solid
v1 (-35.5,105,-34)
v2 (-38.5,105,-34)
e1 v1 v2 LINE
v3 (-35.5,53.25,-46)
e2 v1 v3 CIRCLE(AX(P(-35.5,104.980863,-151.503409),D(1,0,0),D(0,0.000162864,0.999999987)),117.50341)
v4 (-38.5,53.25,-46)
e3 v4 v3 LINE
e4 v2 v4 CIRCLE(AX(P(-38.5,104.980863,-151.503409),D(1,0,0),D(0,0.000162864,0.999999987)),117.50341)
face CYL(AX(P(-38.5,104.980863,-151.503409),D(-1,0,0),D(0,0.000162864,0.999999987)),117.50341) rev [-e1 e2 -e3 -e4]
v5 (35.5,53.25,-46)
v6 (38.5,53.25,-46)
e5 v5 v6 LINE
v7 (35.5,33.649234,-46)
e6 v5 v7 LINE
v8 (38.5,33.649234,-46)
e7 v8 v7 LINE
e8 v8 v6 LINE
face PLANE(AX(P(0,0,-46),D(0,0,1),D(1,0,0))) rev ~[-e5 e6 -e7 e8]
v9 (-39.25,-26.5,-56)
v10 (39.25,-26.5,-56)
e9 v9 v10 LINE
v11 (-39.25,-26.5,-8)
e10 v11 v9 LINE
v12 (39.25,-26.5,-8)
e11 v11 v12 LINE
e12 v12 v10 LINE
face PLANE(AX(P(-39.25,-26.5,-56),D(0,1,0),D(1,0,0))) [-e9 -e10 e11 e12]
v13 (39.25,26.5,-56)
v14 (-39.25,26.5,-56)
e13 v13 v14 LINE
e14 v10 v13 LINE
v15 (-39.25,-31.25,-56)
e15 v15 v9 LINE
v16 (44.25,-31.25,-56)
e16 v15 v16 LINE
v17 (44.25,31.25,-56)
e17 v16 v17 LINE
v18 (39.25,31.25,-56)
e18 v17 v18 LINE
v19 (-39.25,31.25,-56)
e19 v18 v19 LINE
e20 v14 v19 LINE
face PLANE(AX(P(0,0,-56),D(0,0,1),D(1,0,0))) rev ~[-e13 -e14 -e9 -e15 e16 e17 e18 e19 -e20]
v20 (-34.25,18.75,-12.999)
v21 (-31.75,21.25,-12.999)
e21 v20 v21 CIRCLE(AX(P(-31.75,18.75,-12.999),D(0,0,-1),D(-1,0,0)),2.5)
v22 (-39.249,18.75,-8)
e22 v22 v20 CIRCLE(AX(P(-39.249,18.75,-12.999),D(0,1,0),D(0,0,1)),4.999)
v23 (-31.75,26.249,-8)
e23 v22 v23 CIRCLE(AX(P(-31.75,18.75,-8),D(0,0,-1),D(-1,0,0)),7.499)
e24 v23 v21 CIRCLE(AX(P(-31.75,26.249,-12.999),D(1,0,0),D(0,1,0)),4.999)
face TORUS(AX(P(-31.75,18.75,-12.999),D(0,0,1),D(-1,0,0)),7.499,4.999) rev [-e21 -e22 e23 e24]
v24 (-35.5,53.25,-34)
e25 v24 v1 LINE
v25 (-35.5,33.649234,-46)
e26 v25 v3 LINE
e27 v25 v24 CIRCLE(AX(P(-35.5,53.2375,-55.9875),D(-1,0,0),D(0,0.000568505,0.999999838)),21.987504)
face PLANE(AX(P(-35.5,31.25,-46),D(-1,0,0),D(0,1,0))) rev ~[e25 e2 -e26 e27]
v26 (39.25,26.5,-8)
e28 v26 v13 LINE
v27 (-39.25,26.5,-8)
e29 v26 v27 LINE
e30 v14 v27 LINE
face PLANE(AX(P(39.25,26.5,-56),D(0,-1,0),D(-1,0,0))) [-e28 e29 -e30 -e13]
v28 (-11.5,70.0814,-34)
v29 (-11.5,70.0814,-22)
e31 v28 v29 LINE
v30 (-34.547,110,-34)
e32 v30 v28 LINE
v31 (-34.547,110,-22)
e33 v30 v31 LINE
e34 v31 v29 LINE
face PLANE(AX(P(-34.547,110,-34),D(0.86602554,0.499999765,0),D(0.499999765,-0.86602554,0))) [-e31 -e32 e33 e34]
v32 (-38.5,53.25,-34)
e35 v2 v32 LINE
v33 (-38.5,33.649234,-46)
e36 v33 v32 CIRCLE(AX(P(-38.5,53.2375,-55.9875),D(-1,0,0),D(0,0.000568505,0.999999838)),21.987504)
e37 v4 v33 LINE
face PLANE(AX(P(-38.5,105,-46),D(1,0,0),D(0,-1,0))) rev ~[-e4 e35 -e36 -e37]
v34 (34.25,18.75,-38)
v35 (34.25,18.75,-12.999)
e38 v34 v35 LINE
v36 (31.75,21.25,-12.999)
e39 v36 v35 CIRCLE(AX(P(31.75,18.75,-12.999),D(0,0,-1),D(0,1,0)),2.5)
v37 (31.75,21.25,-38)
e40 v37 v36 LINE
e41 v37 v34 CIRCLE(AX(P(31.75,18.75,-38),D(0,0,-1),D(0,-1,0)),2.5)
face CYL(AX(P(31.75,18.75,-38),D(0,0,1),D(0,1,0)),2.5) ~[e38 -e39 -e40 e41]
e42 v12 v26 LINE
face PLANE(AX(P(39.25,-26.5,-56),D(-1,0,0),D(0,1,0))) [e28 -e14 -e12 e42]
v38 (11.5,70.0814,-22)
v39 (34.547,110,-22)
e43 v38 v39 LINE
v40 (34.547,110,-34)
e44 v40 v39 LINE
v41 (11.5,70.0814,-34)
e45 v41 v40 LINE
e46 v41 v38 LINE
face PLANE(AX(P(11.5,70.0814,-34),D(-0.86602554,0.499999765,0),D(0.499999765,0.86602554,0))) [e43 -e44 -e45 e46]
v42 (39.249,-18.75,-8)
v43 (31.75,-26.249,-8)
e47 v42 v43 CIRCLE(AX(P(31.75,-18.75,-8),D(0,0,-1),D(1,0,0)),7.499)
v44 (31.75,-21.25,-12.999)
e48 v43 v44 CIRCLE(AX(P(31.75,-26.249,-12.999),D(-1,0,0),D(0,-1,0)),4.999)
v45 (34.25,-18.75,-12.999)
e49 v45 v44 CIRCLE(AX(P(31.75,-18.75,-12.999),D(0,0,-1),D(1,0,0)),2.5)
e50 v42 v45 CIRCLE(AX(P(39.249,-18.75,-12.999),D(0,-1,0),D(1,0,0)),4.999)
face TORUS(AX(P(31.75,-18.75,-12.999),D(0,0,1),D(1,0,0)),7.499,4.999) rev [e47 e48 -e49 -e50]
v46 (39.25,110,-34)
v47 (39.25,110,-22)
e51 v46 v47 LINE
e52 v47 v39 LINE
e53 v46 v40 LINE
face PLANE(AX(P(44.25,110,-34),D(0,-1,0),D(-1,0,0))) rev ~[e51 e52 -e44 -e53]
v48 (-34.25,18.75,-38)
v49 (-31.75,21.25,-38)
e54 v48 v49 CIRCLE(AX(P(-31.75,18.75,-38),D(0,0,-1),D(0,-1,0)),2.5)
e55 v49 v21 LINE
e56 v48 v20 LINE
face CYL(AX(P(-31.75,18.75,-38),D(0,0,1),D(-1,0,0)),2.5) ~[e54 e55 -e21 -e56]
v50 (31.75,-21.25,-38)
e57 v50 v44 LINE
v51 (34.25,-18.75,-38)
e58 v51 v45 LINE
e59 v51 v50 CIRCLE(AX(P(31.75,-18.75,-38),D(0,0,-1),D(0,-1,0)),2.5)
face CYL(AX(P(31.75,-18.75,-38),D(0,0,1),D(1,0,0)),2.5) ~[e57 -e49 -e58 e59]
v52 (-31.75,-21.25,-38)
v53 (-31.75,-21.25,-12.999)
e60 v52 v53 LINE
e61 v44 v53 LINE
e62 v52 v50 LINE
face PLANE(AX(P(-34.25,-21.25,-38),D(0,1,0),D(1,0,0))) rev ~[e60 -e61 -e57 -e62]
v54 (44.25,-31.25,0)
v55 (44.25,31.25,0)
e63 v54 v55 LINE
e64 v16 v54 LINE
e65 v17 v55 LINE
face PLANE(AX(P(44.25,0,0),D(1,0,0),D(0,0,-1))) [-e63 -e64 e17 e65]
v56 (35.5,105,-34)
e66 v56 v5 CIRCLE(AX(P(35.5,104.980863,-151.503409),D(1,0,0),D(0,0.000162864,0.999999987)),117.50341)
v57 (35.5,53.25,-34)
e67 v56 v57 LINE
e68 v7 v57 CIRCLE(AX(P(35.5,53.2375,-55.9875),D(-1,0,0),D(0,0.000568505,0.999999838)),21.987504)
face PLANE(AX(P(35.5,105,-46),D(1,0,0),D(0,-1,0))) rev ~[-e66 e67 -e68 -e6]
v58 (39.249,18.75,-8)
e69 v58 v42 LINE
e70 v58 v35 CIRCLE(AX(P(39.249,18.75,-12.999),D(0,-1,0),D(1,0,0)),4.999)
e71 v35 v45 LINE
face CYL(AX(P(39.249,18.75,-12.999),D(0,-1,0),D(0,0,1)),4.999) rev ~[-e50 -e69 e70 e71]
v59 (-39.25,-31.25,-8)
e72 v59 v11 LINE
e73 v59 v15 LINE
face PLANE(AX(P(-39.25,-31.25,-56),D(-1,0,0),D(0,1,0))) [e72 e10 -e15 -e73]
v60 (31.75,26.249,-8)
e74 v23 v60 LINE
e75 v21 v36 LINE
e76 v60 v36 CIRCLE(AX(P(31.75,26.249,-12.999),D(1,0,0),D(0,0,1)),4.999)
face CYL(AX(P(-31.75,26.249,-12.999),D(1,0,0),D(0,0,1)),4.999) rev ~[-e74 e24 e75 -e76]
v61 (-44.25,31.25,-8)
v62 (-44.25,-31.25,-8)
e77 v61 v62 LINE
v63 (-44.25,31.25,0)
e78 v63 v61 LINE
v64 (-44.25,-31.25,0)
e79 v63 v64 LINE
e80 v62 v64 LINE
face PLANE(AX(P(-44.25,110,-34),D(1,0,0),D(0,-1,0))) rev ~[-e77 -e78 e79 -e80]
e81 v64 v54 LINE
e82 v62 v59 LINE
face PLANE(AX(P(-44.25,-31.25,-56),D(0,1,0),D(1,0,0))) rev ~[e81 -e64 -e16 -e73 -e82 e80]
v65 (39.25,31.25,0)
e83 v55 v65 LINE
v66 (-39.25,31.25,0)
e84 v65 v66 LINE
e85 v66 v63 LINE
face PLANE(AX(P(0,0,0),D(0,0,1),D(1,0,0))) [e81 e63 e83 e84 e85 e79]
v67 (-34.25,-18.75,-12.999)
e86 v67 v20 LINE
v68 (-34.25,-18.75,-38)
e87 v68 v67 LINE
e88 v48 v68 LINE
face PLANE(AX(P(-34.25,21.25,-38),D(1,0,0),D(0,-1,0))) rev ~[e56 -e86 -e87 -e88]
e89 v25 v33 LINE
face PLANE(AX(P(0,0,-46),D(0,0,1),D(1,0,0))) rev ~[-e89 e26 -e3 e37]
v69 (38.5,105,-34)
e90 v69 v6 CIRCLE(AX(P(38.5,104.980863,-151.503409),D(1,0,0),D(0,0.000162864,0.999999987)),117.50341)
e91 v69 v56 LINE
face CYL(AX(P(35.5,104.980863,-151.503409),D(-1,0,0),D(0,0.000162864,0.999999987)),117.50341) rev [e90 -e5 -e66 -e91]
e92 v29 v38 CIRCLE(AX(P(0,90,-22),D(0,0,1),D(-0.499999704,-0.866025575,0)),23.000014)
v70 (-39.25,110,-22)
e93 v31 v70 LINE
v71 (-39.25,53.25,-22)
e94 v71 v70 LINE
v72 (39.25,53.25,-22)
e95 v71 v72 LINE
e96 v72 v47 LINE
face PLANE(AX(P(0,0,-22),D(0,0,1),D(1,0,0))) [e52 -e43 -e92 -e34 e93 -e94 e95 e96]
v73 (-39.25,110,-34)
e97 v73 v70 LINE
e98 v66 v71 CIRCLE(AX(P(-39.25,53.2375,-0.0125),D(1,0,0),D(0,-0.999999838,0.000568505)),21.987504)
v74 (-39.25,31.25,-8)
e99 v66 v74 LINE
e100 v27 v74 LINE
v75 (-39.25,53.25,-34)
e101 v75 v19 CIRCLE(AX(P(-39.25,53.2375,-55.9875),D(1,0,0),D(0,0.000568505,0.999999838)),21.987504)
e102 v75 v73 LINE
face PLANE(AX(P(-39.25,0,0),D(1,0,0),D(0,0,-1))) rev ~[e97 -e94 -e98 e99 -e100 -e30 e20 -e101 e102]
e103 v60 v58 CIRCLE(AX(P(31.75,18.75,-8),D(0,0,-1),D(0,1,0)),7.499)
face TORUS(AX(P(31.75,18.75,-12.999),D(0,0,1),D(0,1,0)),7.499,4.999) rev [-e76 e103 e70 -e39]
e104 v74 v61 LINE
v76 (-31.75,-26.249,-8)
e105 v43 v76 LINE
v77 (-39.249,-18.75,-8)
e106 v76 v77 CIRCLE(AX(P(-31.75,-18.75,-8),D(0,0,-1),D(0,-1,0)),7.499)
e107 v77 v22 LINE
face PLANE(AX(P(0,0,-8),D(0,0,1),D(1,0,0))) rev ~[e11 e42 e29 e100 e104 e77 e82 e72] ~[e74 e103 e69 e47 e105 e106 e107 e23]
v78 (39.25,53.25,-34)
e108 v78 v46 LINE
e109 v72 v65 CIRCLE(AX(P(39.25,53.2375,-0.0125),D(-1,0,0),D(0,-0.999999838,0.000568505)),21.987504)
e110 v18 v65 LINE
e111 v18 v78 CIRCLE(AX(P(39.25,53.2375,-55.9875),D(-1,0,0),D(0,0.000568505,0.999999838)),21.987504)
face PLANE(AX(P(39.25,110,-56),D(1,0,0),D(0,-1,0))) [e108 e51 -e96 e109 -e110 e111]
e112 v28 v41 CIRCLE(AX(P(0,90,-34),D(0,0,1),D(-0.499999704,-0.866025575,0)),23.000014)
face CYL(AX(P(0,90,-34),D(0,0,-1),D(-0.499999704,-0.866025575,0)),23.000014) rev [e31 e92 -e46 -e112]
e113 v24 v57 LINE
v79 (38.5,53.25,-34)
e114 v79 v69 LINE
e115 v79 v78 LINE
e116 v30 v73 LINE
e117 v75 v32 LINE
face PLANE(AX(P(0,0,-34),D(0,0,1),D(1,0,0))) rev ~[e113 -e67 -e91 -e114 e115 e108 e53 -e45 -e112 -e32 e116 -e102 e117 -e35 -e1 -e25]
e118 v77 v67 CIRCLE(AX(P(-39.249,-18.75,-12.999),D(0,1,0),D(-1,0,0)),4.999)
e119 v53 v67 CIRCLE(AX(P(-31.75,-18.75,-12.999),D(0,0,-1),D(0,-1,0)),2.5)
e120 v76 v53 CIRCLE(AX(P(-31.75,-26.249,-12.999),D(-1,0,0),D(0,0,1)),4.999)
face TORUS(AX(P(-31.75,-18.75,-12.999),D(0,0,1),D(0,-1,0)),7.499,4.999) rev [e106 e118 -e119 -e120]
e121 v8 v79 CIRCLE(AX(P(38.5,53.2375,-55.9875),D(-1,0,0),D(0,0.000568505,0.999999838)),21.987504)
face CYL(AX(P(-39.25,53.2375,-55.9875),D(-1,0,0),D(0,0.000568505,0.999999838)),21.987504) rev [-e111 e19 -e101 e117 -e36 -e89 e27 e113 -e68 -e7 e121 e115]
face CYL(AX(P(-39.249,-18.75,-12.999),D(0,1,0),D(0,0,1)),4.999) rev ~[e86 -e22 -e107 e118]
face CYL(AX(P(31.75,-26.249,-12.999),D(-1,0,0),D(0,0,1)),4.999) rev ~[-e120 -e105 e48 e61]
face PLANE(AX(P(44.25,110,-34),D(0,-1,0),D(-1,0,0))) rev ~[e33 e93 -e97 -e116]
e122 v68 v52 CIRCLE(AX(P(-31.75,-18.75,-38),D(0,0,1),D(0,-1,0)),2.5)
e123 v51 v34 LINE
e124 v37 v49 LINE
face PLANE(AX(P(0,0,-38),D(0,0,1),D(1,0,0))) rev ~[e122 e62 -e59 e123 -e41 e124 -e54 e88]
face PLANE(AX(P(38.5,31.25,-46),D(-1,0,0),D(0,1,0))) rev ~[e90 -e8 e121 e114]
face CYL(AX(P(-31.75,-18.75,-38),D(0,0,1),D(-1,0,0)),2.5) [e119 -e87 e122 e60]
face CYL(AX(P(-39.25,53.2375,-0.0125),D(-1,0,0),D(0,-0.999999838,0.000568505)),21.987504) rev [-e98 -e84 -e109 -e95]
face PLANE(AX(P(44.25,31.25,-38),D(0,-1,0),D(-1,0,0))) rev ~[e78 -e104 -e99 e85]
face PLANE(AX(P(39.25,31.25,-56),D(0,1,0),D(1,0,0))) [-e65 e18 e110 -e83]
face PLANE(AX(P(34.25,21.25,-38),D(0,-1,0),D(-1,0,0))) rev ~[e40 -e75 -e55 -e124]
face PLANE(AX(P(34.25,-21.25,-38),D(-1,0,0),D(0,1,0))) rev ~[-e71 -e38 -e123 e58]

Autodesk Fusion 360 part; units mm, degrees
ref_plane "WorkPlane1" through (0, 0, -38) normal (0, 0, 1) x (1, 0, 0)
sketch "Sketch1" plane through (0, 0, -38) normal (0, 0, 1) x (1, 0, 0)
  line L0 (-34.25, -21.25) -> (34.25, -21.25)
  line L1 (34.25, -21.25) -> (34.25, 21.25)
  line L2 (34.25, 21.25) -> (-34.25, 21.25)
  line L3 (-34.25, 21.25) -> (-34.25, -21.25)
extrude "Extrude1" add sketch "Sketch1" along normal blind 30
fillet "Fillet1" radius 2.5 4 edges at (-34.25, 21.25, -23) (34.25, 21.25, -23) (34.25, -21.25, -23) (-34.25, -21.25, -23)
ref_plane "WorkPlane2" through (0, 0, -8) normal (0, 0, 1) x (1, 0, 0)
sketch "Sketch2" plane through (0, 0, -8) normal (0, 0, 1) x (1, 0, 0)
  line L0 (-44.25, -31.25) -> (44.25, -31.25)
  line L1 (44.25, -31.25) -> (44.25, 31.25)
  line L2 (44.25, 31.25) -> (-44.25, 31.25)
  line L3 (-44.25, 31.25) -> (-44.25, -31.25)
extrude "Extrude2" add sketch "Sketch2" along normal blind 8
ref_plane "WorkPlane3" through (0, 0, -38) normal (0, 0, 1) x (1, 0, 0)
sketch "Sketch3" plane through (0, 0, -38) normal (0, 0, 1) x (1, 0, 0)
  line L0 (-44.25, -31.25) -> (44.25, -31.25)
  line L1 (44.25, -31.25) -> (44.25, 31.25)
  line L2 (44.25, 31.25) -> (-44.25, 31.25)
  line L3 (-44.25, 31.25) -> (-44.25, -31.25)
  line L4 (-39.25, -26.5) -> (39.25, -26.5)
  line L5 (39.25, -26.5) -> (39.25, 26.5)
  line L6 (39.25, 26.5) -> (-39.25, 26.5)
  line L7 (-39.25, 26.5) -> (-39.25, -26.5)
extrude "Extrude3" add sketch "Sketch3" along normal blind 30
ref_plane "WorkPlane4" through (0, 0, -34) normal (0, 0, 1) x (1, 0, 0)
sketch "Sketch4" plane through (0, 0, -34) normal (0, 0, 1) x (1, 0, 0)
  line L0 (-44.25, 26.5) -> (44.25, 26.5)
  line L1 (44.25, 26.5) -> (44.25, 110)
  line L2 (44.25, 110) -> (-44.25, 110)
  line L3 (-44.25, 110) -> (-44.25, 26.5)
extrude "Extrude4" add sketch "Sketch4" along normal blind 12
sketch "Sketch5" plane through (0, 0, -34) normal (0, 0, 1) x (1, 0, 0)
  line L0 (-34.547, 110) -> (-11.5, 70.0814)
  arc A0 (-11.5, 70.0814) -> (11.5, 70.0814) centre (0, 90) ccw
  line L1 (11.5, 70.0814) -> (34.547, 110)
  line L2 (34.547, 110) -> (34.547, 115)
  line L3 (34.547, 115) -> (-34.547, 115)
  line L4 (-34.547, 115) -> (-34.547, 110)
extrude "Extrude5" cut sketch "Sketch5" along normal blind 12
fillet "Fillet2" radius 5 64 edges at (33.5178, -20.5178, -8) (0, -21.25, -8) (-33.5178, -20.5178, -8) (-34.25, 0, -8) (-33.5178, 20.5178, -8) (0, 21.25, -8) (33.5178, 20.5178, -8) (34.25, 0, -8) (34.25, 0, -8) (33.5178, 20.5178, -8) (0, 21.25, -8) (-33.5178, 20.5178, -8) (-34.25, 0, -8) (-33.5178, -20.5178, -8) (0, -21.25, -8) (33.5178, -20.5178, -8) (33.5178, 20.5178, -8) (34.25, 0, -8) (33.5178, -20.5178, -8) (0, -21.25, -8) (-33.5178, -20.5178, -8) (-34.25, 0, -8) (-33.5178, 20.5178, -8) (0, 21.25, -8) (0, 21.25, -8) (-33.5178, 20.5178, -8) (-34.25, 0, -8) (-33.5178, -20.5178, -8) (0, -21.25, -8) (33.5178, -20.5178, -8) (34.25, 0, -8) (33.5178, 20.5178, -8) (-33.5178, 20.5178, -8) (0, 21.25, -8) (33.5178, 20.5178, -8) (34.25, 0, -8) (33.5178, -20.5178, -8) (0, -21.25, -8) (-33.5178, -20.5178, -8) (-34.25, 0, -8) (-34.25, 0, -8) (-33.5178, -20.5178, -8) (0, -21.25, -8) (33.5178, -20.5178, -8) (34.25, 0, -8) (33.5178, 20.5178, -8) (0, 21.25, -8) (-33.5178, 20.5178, -8) (-33.5178, -20.5178, -8) (-34.25, 0, -8) (-33.5178, 20.5178, -8) (0, 21.25, -8) (33.5178, 20.5178, -8) (34.25, 0, -8) (33.5178, -20.5178, -8) (0, -21.25, -8) (0, -21.25, -8) (33.5178, -20.5178, -8) (34.25, 0, -8) (33.5178, 20.5178, -8) (0, 21.25, -8) (-33.5178, 20.5178, -8) (-34.25, 0, -8) (-33.5178, -20.5178, -8)
ref_plane "WorkPlane5" through (0, 0, -38) normal (0, 0, 1) x (1, 0, 0)
sketch "Sketch6" plane through (0, 0, -38) normal (0, 0, 1) x (1, 0, 0)
ref_plane "WorkPlane6" through (-39.25, 0, 0) normal (1, 0, 0) x (0, 1, 0)
sketch "Sketch8" plane through (-39.25, 0, 0) normal (1, 0, 0) x (0, 0, -1)
ref_plane "WorkPlane7" through (-39.25, 0, 0) normal (1, 0, 0) x (0, 1, 0)
sketch "Sketch9" plane through (-39.25, 0, 0) normal (1, 0, 0) x (0, 0, -1)
  line L0 (0, 31.25) -> (22, 31.25)
  line L1 (22, 31.25) -> (22, 53.25)
  arc A0 (0, 31.25) -> (22, 53.25) centre (0.0125, 53.2375) ccw
extrude "Extrude6" add sketch "Sketch9" along normal blind 83.5
ref_plane "WorkPlane8" through (0, 0, -38) normal (0, 0, 1) x (1, 0, 0)
sketch "Sketch10" plane through (0, 0, -38) normal (0, 0, 1) x (1, 0, 0)
  line L0 (-44.25, -31.25) -> (-39.25, -31.25)
  line L1 (-39.25, -31.25) -> (-39.25, 31.25)
  line L2 (-39.25, 31.25) -> (-44.25, 31.25)
  line L3 (-44.25, 31.25) -> (-44.25, -31.25)
extrude "Extrude7" cut sketch "Sketch10" along normal blind 30
ref_plane "WorkPlane9" through (0, 0, -56) normal (0, 0, 1) x (1, 0, 0)
sketch "Sketch11" plane through (0, 0, -56) normal (0, 0, 1) x (1, 0, 0)
  line L0 (-44.25, -31.25) -> (44.25, -31.25)
  line L1 (44.25, -31.25) -> (44.25, 31.25)
  line L2 (44.25, 31.25) -> (-44.25, 31.25)
  line L3 (-44.25, 31.25) -> (-44.25, -31.25)
  line L4 (-39.25, -26.5) -> (39.25, -26.5)
  line L5 (39.25, -26.5) -> (39.25, 26.5)
  line L6 (39.25, 26.5) -> (-39.25, 26.5)
  line L7 (-39.25, 26.5) -> (-39.25, -26.5)
extrude "Extrude8" add sketch "Sketch11" along normal blind 18
ref_plane "WorkPlane10" through (0, 0, -56) normal (0, 0, 1) x (1, 0, 0)
sketch "Sketch12" plane through (0, 0, -56) normal (0, 0, 1) x (1, 0, 0)
  line L0 (-44.25, -31.25) -> (-39.25, -31.25)
  line L1 (-39.25, -31.25) -> (-39.25, 31.25)
  line L2 (-39.25, 31.25) -> (-44.25, 31.25)
  line L3 (-44.25, 31.25) -> (-44.25, -31.25)
extrude "Extrude9" cut sketch "Sketch12" along normal blind 18
ref_plane "WorkPlane11" through (0, 0, -34) normal (0, 0, 1) x (1, 0, 0)
sketch "Sketch13" plane through (0, 0, -34) normal (0, 0, 1) x (1, 0, 0)
  line L0 (-44.25, 31.25) -> (-39.25, 31.25)
  line L1 (-39.25, 31.25) -> (-39.25, 110)
  line L2 (-39.25, 110) -> (-44.25, 110)
  line L3 (-44.25, 110) -> (-44.25, 31.25)
extrude "Extrude10" cut sketch "Sketch13" along normal blind 12
ref_plane "WorkPlane12" through (-39.25, 0, 0) normal (1, 0, 0) x (0, 1, 0)
sketch "Sketch14" plane through (-39.25, 0, 0) normal (1, 0, 0) x (0, 0, -1)
  line L0 (56, 31.25) -> (34, 31.25)
  line L1 (34, 31.25) -> (34, 53.25)
  arc A0 (34, 53.25) -> (56, 31.25) centre (55.9875, 53.2375) ccw
extrude "Extrude11" add sketch "Sketch14" along normal blind 83.5
ref_plane "WorkPlane13" through (0, 0, -46) normal (0, 0, 1) x (1, 0, 0)
sketch "Sketch15" plane through (0, 0, -46) normal (0, 0, 1) x (1, 0, 0)
  line L0 (-38.5, 31.25) -> (-35.5, 31.25)
  line L1 (-35.5, 31.25) -> (-35.5, 105)
  line L2 (-35.5, 105) -> (-38.5, 105)
  line L3 (-38.5, 105) -> (-38.5, 31.25)
  line L4 (35.5, 31.25) -> (38.5, 31.25)
  line L5 (38.5, 31.25) -> (38.5, 105)
  line L6 (38.5, 105) -> (35.5, 105)
  line L7 (35.5, 105) -> (35.5, 31.25)
extrude "Extrude12" add sketch "Sketch15" along normal blind 12
ref_plane "WorkPlane14" through (35.5, 0, 0) normal (1, 0, 0) x (0, 1, 0)
sketch "Sketch16" plane through (35.5, 0, 0) normal (1, 0, 0) x (0, 0, -1)
  arc A0 (34, 105) -> (46, 53.25) centre (151.5034, 104.9809) ccw
  line L0 (34, 105) -> (46, 105)
  line L1 (46, 105) -> (46, 53.25)
extrude "Extrude13" cut sketch "Sketch16" along normal blind 3
ref_plane "WorkPlane15" through (-38.5, 0, 0) normal (1, 0, 0) x (0, 1, 0)
sketch "Sketch17" plane through (-38.5, 0, 0) normal (1, 0, 0) x (0, 0, -1)
  arc A0 (34, 105) -> (46, 53.25) centre (151.5034, 104.9809) ccw
  line L0 (34, 105) -> (46, 105)
  line L1 (46, 105) -> (46, 53.25)
extrude "Extrude14" cut sketch "Sketch17" along normal blind 3
ref_plane "WorkPlane16" through (0, 0, -56) normal (0, 0, 1) x (1, 0, 0)
sketch "Sketch18" plane through (0, 0, -56) normal (0, 0, 1) x (1, 0, 0)
  line L0 (39.25, 31.25) -> (44.25, 31.25)
  line L1 (44.25, 31.25) -> (44.25, 110)
  line L2 (44.25, 110) -> (39.25, 110)
  line L3 (39.25, 110) -> (39.25, 31.25)
extrude "Extrude15" cut sketch "Sketch18" along normal blind 56
